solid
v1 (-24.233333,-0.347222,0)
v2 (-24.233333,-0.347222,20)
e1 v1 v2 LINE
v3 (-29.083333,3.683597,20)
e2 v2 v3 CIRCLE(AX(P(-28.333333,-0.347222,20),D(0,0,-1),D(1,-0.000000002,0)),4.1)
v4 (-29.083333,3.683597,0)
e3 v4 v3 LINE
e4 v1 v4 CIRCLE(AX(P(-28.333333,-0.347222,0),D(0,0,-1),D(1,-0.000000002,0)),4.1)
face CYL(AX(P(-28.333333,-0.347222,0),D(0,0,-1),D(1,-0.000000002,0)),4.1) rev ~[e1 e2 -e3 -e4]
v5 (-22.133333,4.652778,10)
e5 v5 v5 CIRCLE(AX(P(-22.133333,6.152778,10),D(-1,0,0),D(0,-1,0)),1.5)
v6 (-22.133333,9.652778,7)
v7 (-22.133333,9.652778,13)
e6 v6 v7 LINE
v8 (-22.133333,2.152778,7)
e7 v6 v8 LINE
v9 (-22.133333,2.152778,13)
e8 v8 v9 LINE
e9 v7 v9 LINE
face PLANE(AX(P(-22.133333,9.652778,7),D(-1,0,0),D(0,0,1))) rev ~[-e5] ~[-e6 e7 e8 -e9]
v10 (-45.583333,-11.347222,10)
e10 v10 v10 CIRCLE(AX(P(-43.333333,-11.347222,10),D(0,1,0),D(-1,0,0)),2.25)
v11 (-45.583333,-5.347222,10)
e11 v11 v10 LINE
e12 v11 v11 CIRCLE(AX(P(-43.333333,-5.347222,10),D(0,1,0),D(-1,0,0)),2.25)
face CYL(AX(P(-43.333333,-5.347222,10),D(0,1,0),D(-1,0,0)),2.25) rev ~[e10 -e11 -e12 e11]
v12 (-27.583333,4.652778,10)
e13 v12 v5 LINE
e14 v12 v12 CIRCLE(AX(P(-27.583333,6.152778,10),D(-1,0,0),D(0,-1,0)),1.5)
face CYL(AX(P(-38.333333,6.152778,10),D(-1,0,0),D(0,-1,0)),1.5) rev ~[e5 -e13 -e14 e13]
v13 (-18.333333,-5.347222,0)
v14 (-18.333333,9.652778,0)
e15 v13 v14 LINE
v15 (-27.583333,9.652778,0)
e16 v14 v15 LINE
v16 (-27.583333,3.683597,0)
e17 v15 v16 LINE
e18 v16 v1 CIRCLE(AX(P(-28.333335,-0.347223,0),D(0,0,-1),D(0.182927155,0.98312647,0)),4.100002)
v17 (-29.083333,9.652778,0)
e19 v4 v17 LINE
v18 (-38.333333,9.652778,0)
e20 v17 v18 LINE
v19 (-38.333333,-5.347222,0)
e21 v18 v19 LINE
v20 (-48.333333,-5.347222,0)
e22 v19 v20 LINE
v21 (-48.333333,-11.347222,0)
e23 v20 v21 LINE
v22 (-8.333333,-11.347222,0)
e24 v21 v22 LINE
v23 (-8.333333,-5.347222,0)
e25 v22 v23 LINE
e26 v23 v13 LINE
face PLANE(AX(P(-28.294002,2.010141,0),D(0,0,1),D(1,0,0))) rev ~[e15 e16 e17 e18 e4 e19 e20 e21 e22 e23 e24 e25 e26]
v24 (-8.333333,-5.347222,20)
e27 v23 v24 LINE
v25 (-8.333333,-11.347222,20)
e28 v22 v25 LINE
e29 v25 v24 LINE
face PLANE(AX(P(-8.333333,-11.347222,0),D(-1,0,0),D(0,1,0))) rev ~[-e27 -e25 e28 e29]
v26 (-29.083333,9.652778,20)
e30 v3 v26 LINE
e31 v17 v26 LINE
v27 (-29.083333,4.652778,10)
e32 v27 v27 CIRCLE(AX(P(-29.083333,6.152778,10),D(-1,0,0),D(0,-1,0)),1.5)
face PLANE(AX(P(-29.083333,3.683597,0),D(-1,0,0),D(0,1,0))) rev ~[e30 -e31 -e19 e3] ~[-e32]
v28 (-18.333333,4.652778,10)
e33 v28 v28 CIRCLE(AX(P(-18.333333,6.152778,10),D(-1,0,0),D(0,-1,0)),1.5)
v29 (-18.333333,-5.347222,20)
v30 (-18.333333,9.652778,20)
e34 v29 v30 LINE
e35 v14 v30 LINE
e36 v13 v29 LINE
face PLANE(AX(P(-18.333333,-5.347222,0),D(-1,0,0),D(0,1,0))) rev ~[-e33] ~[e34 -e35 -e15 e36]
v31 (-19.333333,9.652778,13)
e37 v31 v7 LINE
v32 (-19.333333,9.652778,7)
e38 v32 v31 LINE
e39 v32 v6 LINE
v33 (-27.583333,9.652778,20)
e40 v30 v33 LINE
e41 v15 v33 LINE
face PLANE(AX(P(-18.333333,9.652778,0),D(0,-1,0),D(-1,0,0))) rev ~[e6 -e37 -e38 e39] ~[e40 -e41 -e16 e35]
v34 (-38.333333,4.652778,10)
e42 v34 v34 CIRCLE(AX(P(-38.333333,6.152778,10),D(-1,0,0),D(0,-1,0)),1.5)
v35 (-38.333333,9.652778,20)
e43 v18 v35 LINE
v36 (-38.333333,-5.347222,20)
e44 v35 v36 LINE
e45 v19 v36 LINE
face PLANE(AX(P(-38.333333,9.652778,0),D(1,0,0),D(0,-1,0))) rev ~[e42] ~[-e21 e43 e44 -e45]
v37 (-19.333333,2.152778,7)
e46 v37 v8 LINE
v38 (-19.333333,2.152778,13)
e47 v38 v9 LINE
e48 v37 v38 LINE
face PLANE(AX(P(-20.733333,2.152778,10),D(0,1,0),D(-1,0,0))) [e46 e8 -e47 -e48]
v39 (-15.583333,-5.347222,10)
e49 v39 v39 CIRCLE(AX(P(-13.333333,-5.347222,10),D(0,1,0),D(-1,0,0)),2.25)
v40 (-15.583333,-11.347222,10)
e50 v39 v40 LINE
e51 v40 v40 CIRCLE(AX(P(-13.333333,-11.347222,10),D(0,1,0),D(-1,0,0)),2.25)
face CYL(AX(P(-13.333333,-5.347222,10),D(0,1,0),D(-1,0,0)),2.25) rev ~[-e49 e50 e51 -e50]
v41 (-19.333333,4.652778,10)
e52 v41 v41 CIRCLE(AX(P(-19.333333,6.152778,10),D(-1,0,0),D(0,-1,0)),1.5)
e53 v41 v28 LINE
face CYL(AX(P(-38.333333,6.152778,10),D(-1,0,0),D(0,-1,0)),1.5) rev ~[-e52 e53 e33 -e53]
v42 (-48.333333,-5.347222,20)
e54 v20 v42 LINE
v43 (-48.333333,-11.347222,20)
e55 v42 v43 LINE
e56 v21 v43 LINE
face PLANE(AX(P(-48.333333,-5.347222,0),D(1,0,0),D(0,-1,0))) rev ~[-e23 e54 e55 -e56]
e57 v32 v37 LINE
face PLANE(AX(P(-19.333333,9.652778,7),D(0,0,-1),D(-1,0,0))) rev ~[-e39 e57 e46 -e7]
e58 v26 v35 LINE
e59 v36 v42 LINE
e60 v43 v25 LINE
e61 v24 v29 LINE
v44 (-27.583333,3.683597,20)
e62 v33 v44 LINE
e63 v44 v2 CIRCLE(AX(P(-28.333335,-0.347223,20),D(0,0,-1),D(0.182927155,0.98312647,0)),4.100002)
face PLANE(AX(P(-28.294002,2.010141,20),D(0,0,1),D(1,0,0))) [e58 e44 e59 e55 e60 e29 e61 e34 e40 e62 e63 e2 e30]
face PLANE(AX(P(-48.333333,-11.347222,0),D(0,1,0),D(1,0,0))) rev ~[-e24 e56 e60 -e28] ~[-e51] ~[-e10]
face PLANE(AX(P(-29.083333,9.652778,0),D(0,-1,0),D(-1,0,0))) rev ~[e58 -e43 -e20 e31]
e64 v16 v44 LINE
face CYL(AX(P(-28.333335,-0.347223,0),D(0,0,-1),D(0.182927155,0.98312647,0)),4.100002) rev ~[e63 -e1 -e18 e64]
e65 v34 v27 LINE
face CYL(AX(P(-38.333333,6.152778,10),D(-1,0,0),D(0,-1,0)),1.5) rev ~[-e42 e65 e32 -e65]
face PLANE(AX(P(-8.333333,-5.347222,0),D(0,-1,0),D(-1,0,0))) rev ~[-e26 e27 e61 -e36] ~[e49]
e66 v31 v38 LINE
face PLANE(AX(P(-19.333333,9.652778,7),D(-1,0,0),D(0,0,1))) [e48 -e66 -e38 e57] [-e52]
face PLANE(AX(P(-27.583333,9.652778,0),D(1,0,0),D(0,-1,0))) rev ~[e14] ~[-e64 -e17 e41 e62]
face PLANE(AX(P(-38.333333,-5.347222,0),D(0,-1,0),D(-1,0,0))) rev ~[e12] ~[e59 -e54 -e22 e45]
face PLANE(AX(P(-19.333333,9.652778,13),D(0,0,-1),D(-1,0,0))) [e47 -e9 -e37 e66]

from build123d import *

# Parameters (mm, degrees)
F1_DEPTH = 20
F2_R     = 1.5
F3_DEPTH = 20
F4_W     = 2.8
F4_H     = 6
F5_DEPTH = 7.5
F6_R     = 2.25
F7_DEPTH = 6


with BuildPart() as f1:
    # F0 (on Top) → F1 (new body)
    with BuildSketch(Plane.XY):
        with BuildLine():
            Line((-38.333333, 9.652778), (-38.333333, -5.347222))
            Line((-38.333333, -5.347222), (-18.333333, -5.347222))
            Line((-18.333333, -5.347222), (-18.333333, 9.652778))
            Line((-18.333333, 9.652778), (-27.583333, 9.652778))
            Line((-27.583333, 9.652778), (-27.583333, 3.683597))
            ThreePointArc((-27.583333, 3.683597), (-25.18016, 2.273369), (-24.233333, -0.347222))
            ThreePointArc((-24.233333, -0.347222), (-30.953925, -3.500395), (-29.083333, 3.683597))
            Line((-29.083333, 3.683597), (-29.083333, 9.652778))
            Line((-29.083333, 9.652778), (-38.333333, 9.652778))
        make_face()
        Polygon((-48.333333, -5.347222), (-48.333333, -11.347222), (-8.333333, -11.347222), (-8.333333, -5.347222), (-18.333333, -5.347222), (-38.333333, -5.347222), align=None)
    extrude(amount=F1_DEPTH)

    # F2 (on face) → F3 (cut)
    with BuildSketch(Plane(origin=(-38.333333, 0, 0), x_dir=(0, -1, 0), z_dir=(-1, 0, 0))):
        with Locations((-6.152778, 10)):
            Circle(F2_R)
    extrude(amount=-F3_DEPTH, mode=Mode.SUBTRACT)

    # F4 (on face) → F5 (cut)
    with BuildSketch(Plane(origin=(0, 9.652778, 0), x_dir=(-1, 0, 0), z_dir=(0, 1, 0))):
        with Locations((20.733333, 10)):
            Rectangle(F4_W, F4_H)
    extrude(amount=-F5_DEPTH, mode=Mode.SUBTRACT)

    # F6 (on face) → F7 (cut)
    with BuildSketch(Plane(origin=(0, -5.347222, 0), x_dir=(-1, 0, 0), z_dir=(0, 1, 0))):
        with Locations((43.333333, 10)):
            Circle(F6_R)
        with Locations((13.333333, 10)):
            Circle(F6_R)
    extrude(amount=-F7_DEPTH, mode=Mode.SUBTRACT)


solid = f1.part
